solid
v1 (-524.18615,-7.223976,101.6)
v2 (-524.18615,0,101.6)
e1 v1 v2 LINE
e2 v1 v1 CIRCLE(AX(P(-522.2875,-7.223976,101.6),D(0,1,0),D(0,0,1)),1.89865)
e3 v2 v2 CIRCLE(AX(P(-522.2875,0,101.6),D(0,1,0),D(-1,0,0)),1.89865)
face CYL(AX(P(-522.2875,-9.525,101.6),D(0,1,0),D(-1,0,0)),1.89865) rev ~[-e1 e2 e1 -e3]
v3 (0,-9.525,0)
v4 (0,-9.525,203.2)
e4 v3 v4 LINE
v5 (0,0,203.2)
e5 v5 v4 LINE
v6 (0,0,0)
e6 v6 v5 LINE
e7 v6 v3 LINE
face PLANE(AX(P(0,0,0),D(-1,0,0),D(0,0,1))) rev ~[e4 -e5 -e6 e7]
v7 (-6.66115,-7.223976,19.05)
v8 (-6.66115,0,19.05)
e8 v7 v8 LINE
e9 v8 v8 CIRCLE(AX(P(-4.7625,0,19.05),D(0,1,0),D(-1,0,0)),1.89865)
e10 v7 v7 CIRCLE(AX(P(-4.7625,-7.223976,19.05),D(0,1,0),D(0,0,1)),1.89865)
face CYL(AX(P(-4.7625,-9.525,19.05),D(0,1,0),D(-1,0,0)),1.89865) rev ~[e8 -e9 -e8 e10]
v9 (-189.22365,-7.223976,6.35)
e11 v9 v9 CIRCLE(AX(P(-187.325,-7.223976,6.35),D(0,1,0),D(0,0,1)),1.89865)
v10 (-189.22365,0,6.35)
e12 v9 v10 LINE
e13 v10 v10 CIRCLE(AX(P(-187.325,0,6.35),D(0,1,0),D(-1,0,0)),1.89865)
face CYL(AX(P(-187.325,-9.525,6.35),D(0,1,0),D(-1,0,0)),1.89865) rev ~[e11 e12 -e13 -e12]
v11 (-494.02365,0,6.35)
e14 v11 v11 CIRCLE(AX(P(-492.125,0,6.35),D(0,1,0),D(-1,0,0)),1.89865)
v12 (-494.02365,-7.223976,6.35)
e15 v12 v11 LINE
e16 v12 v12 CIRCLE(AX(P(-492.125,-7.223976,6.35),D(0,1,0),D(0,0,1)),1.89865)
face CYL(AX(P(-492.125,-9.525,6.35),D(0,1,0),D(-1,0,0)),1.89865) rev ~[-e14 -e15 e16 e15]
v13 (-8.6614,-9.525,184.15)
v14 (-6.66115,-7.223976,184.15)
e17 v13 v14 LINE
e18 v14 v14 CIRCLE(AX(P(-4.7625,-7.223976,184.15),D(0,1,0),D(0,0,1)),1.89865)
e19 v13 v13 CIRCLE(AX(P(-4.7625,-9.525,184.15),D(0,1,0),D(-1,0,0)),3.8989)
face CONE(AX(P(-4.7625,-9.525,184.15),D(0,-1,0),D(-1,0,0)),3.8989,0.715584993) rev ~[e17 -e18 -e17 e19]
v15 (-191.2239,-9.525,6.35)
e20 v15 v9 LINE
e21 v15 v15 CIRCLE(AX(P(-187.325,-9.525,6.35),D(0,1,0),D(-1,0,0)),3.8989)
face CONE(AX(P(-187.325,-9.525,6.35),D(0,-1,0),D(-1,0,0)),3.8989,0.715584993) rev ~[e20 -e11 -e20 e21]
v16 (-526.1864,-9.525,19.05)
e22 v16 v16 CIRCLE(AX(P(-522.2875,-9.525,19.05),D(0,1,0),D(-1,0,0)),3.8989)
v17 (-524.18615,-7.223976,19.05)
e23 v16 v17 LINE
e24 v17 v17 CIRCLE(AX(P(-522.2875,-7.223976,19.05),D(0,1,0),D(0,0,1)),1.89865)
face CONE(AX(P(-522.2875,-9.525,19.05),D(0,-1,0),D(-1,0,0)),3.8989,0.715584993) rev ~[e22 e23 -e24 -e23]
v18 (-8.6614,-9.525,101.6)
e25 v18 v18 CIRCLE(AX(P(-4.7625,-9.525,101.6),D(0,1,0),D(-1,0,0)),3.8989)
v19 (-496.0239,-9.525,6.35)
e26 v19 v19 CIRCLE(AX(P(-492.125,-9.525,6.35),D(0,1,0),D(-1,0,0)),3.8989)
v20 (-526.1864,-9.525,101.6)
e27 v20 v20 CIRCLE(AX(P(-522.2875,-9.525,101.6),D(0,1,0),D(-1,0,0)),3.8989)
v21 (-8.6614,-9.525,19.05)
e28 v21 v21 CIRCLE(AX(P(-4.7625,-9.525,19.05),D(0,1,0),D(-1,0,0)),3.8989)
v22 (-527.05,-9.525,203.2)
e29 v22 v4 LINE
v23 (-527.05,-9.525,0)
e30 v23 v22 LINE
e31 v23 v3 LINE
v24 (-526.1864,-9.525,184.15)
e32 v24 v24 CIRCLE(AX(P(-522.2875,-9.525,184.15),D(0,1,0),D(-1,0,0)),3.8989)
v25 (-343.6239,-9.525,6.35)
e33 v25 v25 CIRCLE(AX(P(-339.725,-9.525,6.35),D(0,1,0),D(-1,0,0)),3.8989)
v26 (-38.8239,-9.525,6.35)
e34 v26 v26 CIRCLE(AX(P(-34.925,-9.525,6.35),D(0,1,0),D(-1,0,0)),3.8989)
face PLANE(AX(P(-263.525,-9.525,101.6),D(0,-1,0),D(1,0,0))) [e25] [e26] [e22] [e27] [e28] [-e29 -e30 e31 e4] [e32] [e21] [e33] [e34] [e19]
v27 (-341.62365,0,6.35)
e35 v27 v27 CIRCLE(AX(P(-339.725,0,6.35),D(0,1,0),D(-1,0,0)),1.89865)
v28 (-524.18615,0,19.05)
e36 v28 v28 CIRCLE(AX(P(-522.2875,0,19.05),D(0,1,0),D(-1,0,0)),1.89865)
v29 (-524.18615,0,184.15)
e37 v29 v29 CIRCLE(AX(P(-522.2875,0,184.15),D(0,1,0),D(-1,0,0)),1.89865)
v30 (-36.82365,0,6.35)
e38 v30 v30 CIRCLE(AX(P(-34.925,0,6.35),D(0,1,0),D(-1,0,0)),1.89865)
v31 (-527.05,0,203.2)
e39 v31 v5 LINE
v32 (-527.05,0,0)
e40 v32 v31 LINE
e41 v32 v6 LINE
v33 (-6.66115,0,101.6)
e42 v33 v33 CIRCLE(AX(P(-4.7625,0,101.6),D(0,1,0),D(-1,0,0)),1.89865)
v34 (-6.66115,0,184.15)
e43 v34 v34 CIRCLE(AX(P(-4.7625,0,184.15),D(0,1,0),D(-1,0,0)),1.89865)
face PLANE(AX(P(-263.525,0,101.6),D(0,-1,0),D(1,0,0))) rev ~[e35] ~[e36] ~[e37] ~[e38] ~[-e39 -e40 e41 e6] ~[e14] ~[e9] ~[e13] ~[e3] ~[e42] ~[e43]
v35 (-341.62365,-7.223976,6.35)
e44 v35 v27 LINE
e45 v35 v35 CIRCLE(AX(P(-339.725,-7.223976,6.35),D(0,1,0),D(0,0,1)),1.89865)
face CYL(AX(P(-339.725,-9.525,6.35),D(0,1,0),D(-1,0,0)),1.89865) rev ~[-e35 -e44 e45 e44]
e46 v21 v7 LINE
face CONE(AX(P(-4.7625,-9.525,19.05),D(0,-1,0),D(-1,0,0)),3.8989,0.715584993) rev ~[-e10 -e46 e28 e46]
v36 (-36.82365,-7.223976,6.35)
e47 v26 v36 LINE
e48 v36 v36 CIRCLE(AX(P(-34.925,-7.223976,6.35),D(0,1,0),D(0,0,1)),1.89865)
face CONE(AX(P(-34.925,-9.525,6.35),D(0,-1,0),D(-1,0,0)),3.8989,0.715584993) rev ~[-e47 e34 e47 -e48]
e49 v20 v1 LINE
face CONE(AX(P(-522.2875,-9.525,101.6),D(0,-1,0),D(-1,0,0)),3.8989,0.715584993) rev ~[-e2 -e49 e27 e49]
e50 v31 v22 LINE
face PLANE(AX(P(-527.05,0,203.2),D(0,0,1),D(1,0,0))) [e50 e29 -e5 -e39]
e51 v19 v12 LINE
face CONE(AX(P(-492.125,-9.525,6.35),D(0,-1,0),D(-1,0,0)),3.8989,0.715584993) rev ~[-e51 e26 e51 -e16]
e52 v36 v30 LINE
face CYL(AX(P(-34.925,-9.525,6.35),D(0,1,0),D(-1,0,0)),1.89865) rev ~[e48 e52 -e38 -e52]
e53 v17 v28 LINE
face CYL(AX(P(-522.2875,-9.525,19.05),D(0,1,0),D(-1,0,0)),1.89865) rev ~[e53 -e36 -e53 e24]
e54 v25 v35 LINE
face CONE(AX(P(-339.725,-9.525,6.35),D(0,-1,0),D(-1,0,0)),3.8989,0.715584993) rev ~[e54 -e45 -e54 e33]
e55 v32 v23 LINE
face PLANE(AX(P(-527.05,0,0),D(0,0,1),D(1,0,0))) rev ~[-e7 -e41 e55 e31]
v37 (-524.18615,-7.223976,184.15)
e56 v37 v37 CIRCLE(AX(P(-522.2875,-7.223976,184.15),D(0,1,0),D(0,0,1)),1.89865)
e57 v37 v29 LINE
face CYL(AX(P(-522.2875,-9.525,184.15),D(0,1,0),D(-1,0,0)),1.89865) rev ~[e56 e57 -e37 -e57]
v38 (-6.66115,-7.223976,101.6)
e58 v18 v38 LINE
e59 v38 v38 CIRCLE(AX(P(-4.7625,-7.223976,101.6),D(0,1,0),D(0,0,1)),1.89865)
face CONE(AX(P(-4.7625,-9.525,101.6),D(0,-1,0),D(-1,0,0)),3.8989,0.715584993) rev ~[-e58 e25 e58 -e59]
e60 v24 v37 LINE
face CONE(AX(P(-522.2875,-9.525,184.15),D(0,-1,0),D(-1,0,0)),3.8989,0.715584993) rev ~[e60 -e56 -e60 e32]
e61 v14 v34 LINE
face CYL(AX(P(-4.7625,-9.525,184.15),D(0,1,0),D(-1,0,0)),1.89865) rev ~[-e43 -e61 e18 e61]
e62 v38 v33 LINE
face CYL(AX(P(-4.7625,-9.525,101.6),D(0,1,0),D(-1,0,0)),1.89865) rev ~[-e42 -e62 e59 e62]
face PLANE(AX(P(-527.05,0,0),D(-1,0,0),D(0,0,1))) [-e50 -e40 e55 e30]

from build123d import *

# Parameters (mm, degrees)
F0_W           = 527.05
F0_H           = 203.2
F1_DEPTH       = 9.525
F3_D           = 3.7973
F3_DEPTH       = 13.4874
F3_CSINK_D     = 7.7978
F3_CSINK_ANGLE = 82
F3_TIP         = 1.1408240143


with BuildPart() as f1:
    # F0 (on Front) → F1 (new body)
    with BuildSketch(Plane.XZ):
        with Locations((-263.525, 101.6)):
            Rectangle(F0_W, F0_H)
    extrude(amount=F1_DEPTH)

    # F3
    with Locations(Plane.XZ.offset(9.525)):
        with Locations((-4.7625, 184.15), (-4.7625, 101.6), (-4.7625, 19.05), (-34.925, 6.35), (-187.325, 6.35), (-339.725, 6.35), (-492.125, 6.35), (-522.2875, 19.05), (-522.2875, 101.6), (-522.2875, 184.15)):
            CounterSinkHole(F3_D / 2, F3_CSINK_D / 2, depth=F3_DEPTH, counter_sink_angle=F3_CSINK_ANGLE)
            with Locations((0, 0, -(F3_DEPTH + F3_TIP / 2))):  # 118° drill point
                Cone(0, F3_D / 2, F3_TIP, mode=Mode.SUBTRACT)


solid = f1.part
